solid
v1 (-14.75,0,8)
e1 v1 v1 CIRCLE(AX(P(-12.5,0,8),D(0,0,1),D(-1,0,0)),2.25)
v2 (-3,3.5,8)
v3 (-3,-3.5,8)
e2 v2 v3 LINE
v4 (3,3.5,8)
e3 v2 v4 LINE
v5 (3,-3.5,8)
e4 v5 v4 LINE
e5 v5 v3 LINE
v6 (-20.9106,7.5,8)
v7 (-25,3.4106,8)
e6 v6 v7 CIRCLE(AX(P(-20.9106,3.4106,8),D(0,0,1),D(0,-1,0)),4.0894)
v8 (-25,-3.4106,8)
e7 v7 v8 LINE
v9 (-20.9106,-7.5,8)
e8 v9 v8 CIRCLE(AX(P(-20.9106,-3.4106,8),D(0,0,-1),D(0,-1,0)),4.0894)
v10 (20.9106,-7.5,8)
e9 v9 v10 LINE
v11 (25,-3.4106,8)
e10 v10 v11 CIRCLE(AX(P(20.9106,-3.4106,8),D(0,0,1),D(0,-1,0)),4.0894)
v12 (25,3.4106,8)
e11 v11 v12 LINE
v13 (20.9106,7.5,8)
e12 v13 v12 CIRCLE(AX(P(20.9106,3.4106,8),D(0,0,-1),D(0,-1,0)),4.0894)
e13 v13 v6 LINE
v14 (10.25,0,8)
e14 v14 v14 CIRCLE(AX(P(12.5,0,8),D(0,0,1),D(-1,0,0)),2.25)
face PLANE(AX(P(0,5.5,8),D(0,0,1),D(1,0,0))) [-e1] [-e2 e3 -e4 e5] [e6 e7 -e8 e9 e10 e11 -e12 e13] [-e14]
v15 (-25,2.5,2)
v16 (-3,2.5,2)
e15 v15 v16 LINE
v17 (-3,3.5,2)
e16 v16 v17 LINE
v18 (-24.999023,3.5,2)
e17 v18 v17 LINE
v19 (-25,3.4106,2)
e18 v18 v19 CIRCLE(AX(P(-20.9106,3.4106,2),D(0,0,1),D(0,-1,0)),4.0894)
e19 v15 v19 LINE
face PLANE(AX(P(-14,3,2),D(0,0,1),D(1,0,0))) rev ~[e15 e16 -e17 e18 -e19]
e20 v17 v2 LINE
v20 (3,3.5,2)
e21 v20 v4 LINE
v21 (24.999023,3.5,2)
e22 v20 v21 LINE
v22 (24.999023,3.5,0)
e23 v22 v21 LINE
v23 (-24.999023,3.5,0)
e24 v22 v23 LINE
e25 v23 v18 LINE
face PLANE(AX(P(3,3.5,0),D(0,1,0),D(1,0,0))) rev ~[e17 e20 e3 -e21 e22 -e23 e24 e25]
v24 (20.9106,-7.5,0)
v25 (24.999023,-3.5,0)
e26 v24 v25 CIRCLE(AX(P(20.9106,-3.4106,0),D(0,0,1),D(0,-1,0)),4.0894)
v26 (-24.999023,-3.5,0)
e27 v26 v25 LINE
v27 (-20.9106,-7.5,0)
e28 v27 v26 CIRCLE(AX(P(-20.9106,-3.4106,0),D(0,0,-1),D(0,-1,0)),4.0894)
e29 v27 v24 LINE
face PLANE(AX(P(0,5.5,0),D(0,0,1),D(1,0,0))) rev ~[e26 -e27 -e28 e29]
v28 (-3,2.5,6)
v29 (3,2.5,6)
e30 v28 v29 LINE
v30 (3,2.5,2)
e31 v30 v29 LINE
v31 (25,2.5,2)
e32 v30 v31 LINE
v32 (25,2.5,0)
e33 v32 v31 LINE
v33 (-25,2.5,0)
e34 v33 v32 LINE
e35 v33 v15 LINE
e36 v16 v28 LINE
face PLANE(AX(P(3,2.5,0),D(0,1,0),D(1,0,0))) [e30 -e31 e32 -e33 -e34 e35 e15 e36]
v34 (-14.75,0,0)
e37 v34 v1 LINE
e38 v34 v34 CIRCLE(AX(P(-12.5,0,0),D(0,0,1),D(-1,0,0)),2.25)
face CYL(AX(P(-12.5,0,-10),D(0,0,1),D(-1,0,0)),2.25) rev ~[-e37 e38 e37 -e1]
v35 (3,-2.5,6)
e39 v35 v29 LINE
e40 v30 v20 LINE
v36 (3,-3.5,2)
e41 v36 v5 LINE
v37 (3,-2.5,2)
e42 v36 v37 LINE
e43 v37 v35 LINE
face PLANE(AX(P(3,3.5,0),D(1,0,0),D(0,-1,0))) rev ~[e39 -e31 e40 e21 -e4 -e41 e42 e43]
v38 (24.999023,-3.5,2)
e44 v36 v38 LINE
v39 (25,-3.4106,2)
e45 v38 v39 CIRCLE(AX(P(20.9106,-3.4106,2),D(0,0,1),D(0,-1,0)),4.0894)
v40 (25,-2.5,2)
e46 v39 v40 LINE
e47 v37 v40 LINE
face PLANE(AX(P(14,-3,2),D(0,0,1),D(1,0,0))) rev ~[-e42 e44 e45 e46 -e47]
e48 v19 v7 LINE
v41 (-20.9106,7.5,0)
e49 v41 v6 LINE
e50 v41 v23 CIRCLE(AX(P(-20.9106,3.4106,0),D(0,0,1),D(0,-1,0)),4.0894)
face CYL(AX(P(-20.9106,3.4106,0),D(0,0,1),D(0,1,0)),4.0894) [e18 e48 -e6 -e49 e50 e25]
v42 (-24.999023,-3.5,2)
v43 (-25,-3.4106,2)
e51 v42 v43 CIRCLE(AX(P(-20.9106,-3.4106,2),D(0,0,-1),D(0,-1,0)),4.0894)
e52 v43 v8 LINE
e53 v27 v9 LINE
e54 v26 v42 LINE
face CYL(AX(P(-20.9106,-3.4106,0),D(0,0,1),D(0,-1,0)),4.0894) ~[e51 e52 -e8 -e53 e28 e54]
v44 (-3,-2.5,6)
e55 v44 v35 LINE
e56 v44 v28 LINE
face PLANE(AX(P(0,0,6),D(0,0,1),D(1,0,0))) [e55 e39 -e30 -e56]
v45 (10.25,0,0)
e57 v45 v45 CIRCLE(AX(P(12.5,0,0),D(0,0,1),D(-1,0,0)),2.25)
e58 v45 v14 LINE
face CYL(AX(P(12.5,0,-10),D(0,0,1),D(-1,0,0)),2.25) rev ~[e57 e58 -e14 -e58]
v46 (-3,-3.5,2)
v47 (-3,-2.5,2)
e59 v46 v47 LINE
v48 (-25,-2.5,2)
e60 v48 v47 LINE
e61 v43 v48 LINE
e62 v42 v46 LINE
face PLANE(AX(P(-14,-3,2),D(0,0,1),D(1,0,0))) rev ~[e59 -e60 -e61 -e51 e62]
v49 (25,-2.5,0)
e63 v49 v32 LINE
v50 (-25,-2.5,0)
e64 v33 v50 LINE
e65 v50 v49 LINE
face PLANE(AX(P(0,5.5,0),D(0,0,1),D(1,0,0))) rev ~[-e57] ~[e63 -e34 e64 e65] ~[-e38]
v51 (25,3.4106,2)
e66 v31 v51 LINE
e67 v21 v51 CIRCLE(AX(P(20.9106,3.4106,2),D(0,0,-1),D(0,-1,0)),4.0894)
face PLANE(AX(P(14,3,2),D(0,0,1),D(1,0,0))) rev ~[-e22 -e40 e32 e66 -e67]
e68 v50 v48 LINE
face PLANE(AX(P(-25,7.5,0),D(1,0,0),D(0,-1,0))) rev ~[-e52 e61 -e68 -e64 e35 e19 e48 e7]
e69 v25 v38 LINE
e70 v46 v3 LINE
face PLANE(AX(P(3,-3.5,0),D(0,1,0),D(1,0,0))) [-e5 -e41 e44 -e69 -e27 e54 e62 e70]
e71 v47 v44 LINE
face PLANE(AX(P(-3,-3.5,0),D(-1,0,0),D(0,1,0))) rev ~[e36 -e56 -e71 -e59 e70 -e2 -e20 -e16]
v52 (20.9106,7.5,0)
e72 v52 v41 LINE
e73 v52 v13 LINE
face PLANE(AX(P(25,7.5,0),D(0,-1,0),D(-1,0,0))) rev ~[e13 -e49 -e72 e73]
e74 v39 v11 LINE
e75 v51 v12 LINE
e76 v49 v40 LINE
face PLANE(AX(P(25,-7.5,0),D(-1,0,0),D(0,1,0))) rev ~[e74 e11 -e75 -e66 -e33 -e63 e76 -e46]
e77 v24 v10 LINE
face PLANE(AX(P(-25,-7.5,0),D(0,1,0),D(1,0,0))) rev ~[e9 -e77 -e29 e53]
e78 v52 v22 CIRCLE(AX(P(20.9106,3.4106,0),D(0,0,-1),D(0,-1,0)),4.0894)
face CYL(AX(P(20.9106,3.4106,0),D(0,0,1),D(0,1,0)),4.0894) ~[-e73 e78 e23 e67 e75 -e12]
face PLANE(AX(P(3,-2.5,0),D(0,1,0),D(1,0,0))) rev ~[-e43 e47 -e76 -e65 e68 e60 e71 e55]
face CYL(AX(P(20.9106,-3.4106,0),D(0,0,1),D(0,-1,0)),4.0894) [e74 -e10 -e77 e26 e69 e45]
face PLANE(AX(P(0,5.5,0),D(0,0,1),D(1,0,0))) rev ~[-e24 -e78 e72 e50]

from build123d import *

# Parameters (mm, degrees)
F0_W     = 22
F0_H     = 1
F0_H_2   = 5
F1_DEPTH = 8
F0_W_2   = 6
F2_DEPTH = 17.526
F3_D     = 4.5
F3_DEPTH = 10
F4_DEPTH = 6
F5_DEPTH = 2
F6_R     = 4.0894


with BuildPart() as f1:
    # F0 (on Top) → F1 (new body)
    with BuildSketch(Plane.XY):
        Polygon((25, 3.5), (25, 7.5), (-25, 7.5), (-25, 3.5), (-3, 3.5), (3, 3.5), align=None)
        with Locations((14, -3)):
            Rectangle(F0_W, F0_H)
        with Locations((-14, -3)):
            Rectangle(F0_W, F0_H)
        Polygon((25, -7.5), (25, -3.5), (3, -3.5), (-3, -3.5), (-25, -3.5), (-25, -7.5), align=None)
        with Locations((-14, 0)):
            Rectangle(F0_W, F0_H_2)
        with Locations((14, 0)):
            Rectangle(F0_W, F0_H_2)
        with Locations((14, 3)):
            Rectangle(F0_W, F0_H)
        with Locations((-14, 3)):
            Rectangle(F0_W, F0_H)
    extrude(amount=F1_DEPTH)

    # F0 (on Top) → F2 (cut)
    with BuildSketch(Plane.XY):
        with Locations((0, 3)):
            Rectangle(F0_W_2, F0_H)
    extrude(amount=F2_DEPTH, mode=Mode.SUBTRACT)

    # F3
    with Locations(Plane(origin=(0, 0, 0), x_dir=(1, 0, 0), z_dir=(0, 0, -1))):
        with Locations((-12.5, 0), (12.5, 0)):
            Hole(F3_D / 2, depth=F3_DEPTH)

    # F0 (on Top) → F4 (join)
    with BuildSketch(Plane.XY):
        Rectangle(F0_W_2, F0_H_2)
    extrude(amount=F4_DEPTH)

    # F0 (on Top) → F5 (cut)
    with BuildSketch(Plane.XY):
        with Locations((-14, -3)):
            Rectangle(F0_W, F0_H)
        with Locations((14, -3)):
            Rectangle(F0_W, F0_H)
        with Locations((14, 3)):
            Rectangle(F0_W, F0_H)
        with Locations((-14, 3)):
            Rectangle(F0_W, F0_H)
    extrude(amount=F5_DEPTH, mode=Mode.SUBTRACT)

    # F6
    f6_edges = [f1.edges().sort_by_distance(p)[0] for p in [
        (25, -7.5, 4),
        (25, 7.5, 4),
        (-25, 7.5, 4),
        (-25, -7.5, 4),
    ]]
    fillet(f6_edges, radius=F6_R)


solid = f1.part
